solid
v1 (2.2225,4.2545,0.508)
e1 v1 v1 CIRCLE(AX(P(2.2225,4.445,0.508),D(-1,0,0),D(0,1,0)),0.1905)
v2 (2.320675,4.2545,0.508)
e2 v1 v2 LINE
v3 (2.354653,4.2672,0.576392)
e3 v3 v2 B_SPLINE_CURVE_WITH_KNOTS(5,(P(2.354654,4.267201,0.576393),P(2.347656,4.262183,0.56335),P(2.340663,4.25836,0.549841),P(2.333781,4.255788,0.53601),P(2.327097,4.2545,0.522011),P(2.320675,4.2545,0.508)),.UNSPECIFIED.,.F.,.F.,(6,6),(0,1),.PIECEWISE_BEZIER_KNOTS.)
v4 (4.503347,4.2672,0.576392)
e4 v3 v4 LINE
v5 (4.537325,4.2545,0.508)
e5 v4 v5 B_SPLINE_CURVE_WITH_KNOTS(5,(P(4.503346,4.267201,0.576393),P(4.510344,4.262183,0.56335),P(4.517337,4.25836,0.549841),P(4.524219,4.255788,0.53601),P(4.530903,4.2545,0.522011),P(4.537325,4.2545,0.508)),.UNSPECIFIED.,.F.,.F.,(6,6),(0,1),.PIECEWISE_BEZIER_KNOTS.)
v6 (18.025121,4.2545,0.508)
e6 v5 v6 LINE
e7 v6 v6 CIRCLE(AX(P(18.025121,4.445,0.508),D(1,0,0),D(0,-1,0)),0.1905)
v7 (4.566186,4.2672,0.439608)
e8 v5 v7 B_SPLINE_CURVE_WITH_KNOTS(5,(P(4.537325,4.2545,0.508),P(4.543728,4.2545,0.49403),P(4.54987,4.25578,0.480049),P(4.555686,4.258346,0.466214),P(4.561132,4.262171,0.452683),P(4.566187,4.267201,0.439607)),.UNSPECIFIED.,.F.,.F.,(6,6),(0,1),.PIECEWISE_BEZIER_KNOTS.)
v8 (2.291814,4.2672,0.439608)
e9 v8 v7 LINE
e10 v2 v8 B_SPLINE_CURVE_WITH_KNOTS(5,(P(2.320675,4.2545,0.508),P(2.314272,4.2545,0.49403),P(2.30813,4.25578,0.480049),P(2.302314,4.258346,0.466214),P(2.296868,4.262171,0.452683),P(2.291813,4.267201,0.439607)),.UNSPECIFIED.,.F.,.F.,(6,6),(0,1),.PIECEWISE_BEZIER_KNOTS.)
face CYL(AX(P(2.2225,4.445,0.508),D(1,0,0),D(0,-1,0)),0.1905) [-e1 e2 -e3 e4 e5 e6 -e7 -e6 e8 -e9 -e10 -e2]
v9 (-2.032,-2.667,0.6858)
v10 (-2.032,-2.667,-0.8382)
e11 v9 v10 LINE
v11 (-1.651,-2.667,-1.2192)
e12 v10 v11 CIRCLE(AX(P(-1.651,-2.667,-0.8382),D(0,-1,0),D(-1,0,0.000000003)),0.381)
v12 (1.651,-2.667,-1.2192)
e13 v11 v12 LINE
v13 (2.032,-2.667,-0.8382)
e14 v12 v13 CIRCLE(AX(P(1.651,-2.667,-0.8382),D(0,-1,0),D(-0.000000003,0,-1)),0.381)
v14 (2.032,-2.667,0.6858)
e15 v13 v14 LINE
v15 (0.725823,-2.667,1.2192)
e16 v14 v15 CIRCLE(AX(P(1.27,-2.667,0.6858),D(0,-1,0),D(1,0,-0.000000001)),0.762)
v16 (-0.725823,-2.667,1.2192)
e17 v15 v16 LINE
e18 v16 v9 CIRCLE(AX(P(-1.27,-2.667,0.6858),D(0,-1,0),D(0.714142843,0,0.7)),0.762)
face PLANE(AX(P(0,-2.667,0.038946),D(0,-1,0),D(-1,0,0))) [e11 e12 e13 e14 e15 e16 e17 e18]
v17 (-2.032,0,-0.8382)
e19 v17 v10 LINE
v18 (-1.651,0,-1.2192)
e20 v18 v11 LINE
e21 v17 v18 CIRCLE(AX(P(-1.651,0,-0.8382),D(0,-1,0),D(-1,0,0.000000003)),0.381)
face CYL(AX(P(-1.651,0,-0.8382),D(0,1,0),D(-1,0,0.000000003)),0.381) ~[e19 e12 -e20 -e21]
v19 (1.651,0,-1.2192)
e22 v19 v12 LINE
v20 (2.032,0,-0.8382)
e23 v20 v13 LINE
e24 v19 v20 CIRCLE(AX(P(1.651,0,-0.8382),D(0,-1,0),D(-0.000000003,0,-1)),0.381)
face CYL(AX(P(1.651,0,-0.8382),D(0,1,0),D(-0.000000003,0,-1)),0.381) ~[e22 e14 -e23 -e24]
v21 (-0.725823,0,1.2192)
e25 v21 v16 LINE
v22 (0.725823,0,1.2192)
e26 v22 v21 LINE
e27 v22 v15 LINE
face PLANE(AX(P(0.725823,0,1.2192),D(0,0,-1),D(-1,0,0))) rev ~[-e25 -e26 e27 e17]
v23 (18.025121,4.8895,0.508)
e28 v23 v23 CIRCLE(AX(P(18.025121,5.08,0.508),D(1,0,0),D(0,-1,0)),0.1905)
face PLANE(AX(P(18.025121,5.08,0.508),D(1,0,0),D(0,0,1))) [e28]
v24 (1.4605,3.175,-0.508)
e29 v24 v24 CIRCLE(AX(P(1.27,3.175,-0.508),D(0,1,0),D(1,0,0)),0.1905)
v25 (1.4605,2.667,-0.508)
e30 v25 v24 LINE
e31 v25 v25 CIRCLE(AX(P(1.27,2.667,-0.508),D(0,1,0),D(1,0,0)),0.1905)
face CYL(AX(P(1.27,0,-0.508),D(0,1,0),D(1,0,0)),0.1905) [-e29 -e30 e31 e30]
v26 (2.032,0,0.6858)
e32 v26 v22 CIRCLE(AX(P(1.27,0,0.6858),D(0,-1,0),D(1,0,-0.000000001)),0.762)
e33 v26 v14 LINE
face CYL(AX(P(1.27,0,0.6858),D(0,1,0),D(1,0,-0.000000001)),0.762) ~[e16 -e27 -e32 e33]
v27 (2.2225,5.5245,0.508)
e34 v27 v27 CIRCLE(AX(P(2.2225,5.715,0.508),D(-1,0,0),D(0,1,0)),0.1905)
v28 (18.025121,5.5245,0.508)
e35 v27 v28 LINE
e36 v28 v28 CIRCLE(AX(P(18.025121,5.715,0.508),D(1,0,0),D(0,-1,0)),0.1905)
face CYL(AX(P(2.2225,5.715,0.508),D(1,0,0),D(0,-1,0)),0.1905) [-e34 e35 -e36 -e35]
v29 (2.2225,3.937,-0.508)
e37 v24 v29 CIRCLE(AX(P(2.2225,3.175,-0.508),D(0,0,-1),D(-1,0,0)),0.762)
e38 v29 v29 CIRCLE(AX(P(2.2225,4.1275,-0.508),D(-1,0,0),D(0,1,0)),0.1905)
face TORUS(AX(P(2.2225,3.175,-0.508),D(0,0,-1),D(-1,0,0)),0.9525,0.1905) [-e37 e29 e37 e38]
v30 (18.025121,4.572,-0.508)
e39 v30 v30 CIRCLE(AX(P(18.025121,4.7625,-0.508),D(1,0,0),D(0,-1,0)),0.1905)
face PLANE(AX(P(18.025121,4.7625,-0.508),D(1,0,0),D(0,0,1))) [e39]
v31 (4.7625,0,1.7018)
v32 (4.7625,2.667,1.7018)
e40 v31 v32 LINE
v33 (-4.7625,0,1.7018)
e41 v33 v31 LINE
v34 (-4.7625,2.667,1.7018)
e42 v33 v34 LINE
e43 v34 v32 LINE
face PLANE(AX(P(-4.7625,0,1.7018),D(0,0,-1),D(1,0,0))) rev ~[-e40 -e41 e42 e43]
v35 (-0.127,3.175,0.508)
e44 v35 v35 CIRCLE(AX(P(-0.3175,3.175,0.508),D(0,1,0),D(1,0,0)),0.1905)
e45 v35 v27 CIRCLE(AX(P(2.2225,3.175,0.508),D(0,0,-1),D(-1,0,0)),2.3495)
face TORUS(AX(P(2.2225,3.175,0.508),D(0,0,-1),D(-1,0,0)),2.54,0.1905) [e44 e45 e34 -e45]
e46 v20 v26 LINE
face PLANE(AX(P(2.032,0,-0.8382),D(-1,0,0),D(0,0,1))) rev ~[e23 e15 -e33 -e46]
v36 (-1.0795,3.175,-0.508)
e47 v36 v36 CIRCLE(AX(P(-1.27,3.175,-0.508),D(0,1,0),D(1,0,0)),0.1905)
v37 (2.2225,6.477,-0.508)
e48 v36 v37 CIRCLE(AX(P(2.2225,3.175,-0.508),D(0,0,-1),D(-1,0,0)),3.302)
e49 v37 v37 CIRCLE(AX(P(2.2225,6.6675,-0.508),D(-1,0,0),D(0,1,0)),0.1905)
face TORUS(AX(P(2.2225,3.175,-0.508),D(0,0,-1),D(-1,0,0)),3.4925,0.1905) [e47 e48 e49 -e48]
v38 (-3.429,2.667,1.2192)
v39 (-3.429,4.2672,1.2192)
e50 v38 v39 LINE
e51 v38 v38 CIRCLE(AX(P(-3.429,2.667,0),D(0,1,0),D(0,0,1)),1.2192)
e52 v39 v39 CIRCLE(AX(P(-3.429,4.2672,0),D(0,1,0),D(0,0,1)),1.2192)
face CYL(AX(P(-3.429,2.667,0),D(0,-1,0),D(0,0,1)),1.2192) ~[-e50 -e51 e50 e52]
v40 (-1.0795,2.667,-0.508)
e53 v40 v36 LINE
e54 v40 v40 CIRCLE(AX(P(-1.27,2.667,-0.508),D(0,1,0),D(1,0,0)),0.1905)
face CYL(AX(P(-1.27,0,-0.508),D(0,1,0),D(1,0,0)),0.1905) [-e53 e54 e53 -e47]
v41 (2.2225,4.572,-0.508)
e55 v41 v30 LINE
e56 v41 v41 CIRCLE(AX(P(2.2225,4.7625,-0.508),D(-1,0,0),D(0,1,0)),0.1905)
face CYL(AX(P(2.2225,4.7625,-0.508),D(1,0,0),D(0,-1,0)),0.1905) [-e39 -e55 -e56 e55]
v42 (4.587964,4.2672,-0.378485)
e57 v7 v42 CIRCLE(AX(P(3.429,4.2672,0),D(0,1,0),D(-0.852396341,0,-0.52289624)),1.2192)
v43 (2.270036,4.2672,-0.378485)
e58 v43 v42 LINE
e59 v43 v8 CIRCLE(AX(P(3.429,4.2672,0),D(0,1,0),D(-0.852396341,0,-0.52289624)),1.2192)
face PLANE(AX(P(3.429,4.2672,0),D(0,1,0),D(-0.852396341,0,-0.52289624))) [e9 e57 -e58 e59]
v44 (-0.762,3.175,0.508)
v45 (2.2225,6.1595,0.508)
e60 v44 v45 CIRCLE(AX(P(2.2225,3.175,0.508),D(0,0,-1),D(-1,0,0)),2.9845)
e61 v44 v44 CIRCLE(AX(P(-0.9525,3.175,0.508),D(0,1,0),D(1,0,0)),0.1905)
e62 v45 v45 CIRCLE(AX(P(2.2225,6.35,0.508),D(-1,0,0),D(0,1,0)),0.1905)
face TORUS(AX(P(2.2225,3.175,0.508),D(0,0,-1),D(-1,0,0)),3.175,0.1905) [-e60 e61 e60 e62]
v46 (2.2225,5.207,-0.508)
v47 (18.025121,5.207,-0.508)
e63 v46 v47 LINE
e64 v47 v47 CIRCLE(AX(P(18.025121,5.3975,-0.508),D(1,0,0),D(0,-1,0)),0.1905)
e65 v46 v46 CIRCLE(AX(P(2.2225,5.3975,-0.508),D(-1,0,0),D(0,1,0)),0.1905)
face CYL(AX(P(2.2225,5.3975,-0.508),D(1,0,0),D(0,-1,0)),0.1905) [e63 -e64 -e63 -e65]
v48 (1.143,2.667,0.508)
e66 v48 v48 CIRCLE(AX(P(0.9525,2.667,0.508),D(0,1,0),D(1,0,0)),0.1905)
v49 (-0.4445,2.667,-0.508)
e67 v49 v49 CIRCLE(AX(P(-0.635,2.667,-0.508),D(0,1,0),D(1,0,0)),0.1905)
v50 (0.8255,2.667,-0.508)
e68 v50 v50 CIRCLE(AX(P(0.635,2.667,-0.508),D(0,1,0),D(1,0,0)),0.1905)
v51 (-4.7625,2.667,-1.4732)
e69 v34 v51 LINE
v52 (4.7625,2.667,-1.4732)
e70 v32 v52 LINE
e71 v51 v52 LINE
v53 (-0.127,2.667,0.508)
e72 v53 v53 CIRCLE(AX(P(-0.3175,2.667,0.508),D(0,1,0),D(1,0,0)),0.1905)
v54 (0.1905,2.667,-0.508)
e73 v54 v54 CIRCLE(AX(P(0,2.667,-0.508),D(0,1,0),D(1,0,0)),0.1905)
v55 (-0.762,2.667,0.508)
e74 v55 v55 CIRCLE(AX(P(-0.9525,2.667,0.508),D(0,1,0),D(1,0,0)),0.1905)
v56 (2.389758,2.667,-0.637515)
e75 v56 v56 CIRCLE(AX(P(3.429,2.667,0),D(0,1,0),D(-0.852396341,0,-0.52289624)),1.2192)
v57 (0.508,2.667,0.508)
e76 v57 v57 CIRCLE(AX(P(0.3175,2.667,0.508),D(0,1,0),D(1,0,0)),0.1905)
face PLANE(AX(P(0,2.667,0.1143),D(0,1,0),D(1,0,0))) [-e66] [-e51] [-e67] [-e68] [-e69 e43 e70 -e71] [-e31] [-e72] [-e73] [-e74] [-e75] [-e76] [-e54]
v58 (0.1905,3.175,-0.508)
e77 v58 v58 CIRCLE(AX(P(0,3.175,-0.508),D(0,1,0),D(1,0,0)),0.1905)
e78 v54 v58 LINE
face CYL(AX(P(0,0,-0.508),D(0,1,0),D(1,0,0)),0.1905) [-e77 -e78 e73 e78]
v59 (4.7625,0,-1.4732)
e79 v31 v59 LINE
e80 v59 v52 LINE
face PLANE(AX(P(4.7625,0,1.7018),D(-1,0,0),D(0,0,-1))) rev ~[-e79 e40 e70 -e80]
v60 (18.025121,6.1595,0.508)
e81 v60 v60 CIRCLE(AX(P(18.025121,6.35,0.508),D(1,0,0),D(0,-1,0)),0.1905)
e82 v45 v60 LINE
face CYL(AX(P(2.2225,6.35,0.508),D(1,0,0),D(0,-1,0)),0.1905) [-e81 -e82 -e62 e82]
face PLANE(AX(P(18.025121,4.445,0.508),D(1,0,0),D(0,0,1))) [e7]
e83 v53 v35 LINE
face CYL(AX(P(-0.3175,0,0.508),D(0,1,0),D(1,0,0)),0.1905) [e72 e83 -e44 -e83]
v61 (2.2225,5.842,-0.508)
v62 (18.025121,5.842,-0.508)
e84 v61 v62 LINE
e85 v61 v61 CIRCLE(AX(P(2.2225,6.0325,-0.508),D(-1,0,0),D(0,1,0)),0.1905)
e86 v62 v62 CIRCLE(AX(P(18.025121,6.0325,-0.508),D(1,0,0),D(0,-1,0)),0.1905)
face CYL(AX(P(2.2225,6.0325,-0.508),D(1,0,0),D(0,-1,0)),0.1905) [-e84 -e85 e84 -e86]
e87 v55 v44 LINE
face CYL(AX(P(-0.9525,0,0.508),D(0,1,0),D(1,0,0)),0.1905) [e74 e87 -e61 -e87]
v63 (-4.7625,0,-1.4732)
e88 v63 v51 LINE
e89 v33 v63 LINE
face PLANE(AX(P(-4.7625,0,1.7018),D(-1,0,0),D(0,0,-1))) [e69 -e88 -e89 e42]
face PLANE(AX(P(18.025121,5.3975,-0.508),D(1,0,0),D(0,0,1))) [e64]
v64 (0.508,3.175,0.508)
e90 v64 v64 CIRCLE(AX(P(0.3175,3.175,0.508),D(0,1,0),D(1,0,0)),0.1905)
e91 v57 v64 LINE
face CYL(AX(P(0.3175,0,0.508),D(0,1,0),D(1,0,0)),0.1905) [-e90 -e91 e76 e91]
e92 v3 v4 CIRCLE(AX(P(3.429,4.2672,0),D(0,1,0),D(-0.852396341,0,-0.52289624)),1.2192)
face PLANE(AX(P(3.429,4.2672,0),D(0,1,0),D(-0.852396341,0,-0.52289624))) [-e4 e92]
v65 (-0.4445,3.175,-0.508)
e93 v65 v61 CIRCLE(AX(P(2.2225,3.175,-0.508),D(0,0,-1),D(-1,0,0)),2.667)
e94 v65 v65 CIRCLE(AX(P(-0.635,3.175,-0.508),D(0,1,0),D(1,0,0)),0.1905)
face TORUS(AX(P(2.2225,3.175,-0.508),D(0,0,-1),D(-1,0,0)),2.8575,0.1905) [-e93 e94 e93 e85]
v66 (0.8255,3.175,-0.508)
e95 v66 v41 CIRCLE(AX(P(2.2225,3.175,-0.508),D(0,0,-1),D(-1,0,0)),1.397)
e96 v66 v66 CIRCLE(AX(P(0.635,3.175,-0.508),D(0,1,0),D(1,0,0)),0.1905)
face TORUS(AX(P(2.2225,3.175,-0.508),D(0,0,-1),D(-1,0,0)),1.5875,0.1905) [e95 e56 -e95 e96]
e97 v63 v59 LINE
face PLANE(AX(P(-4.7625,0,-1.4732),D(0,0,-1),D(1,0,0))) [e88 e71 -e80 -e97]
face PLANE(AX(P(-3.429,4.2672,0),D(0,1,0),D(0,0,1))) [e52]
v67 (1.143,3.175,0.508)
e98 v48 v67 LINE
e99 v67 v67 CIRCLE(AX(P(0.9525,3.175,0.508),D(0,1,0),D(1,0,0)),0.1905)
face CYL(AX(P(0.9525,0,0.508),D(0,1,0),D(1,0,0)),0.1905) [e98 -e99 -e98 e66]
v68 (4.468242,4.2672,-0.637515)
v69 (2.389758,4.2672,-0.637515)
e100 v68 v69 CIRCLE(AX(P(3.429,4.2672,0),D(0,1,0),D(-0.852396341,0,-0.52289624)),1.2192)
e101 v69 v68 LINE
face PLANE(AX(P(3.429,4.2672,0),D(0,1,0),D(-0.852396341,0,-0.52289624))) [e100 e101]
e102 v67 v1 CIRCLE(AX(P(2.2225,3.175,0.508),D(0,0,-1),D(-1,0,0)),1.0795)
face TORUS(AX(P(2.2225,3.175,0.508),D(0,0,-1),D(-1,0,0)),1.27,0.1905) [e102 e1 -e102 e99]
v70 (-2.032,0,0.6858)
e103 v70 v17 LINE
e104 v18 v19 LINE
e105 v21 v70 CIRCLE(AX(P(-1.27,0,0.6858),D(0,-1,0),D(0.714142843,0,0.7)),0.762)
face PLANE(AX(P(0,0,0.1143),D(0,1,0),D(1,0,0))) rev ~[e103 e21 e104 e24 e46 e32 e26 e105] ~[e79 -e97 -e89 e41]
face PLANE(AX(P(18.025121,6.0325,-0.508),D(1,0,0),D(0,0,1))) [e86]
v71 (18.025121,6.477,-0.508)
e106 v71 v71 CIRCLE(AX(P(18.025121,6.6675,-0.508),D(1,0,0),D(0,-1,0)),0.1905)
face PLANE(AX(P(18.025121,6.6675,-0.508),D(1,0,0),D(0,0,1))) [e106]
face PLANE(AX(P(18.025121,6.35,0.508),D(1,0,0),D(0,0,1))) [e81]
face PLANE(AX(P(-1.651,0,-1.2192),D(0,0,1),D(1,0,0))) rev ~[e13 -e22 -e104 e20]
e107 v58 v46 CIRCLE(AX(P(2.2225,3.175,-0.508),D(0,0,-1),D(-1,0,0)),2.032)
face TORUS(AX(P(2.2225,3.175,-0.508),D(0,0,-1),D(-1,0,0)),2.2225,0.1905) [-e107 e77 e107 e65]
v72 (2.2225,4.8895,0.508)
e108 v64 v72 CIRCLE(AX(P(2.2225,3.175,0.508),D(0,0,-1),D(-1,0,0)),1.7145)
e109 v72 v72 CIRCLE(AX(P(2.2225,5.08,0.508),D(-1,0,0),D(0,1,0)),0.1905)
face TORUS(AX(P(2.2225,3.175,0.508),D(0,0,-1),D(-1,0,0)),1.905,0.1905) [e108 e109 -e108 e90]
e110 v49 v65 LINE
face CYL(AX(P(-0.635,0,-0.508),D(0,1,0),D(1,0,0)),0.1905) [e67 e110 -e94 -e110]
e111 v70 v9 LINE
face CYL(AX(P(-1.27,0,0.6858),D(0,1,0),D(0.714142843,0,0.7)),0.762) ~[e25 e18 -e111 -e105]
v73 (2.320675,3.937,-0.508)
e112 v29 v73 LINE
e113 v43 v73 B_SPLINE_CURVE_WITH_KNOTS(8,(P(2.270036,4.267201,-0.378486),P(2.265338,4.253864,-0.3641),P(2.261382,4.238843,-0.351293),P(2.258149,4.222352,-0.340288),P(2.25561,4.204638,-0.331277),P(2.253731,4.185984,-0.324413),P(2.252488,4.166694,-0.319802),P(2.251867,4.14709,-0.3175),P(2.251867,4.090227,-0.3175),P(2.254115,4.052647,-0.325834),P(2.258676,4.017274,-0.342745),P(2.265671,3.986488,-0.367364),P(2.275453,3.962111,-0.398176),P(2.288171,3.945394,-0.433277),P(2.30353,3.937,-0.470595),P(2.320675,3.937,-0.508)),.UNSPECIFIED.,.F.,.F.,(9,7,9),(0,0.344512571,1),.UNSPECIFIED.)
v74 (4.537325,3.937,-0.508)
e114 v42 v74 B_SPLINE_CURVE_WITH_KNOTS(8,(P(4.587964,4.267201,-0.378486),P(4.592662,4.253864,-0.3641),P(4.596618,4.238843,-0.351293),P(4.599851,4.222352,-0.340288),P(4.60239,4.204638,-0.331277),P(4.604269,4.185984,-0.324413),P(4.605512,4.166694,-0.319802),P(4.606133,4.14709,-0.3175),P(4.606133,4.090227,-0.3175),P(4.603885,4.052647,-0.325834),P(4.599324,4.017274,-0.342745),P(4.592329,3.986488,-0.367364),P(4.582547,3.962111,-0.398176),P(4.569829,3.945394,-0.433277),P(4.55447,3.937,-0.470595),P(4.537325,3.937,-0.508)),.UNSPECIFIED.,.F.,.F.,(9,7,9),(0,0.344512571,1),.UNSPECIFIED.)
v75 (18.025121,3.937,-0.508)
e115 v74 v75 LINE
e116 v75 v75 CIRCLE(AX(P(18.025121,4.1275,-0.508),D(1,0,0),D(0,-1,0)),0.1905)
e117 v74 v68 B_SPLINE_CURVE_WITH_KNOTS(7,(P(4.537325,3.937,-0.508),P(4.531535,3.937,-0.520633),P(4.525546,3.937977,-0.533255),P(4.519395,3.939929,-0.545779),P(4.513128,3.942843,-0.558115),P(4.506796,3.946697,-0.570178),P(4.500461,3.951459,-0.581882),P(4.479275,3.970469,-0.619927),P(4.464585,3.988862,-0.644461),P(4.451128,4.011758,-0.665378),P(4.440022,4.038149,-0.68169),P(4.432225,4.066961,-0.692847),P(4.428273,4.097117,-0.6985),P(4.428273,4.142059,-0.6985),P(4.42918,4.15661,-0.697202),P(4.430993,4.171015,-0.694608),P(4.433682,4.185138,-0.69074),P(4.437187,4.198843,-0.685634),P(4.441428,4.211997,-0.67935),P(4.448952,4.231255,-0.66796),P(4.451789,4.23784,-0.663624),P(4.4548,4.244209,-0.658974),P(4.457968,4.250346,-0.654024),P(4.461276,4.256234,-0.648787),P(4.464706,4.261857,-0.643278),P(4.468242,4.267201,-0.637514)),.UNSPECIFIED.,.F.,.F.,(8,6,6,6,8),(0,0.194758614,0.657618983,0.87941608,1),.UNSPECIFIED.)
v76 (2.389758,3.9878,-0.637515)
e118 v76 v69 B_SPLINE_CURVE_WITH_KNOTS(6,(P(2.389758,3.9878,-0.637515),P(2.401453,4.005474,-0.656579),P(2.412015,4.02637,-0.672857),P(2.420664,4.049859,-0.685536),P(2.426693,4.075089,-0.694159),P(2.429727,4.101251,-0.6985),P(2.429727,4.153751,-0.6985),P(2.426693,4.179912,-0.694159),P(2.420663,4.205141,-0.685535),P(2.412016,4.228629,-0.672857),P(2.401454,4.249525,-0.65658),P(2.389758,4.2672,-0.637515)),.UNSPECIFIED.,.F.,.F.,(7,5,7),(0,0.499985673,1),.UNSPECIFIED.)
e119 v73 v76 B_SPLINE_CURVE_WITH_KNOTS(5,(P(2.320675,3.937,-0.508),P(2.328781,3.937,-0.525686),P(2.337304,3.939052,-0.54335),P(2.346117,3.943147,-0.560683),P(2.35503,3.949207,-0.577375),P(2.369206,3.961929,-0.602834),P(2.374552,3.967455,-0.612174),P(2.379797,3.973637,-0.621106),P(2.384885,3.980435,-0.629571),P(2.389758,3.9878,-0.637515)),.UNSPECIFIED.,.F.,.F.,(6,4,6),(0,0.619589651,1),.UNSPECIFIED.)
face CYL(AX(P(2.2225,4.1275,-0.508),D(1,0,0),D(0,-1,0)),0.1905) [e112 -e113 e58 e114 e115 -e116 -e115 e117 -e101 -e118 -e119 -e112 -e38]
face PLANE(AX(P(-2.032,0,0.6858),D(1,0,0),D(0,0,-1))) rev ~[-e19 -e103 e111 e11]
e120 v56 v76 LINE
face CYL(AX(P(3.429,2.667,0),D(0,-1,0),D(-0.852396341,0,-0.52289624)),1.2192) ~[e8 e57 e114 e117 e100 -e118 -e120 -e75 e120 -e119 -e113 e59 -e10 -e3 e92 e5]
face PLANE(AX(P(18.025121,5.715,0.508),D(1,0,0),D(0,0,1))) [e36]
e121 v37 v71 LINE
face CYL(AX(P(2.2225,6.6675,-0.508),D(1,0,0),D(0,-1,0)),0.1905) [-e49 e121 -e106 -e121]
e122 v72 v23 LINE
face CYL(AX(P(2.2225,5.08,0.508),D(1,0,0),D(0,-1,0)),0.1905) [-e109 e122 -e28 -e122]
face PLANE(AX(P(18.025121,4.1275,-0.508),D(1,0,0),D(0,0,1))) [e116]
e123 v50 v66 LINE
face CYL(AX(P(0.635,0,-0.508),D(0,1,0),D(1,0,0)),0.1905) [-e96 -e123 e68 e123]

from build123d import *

# Parameters (mm, degrees)
SKETCH2_W           = 9.525
SKETCH2_H           = 3.175
BOSS_EXTRUDE2_DEPTH = 2.667
BOSS_EXTRUDE3_DEPTH = 2.667
SKETCH4_R           = 0.1905
SKETCH8_R           = 1.2192
BOSS_EXTRUDE4_DEPTH = 1.6002


with BuildPart() as part:
    # Sketch2 → Boss-Extrude2 (new body)
    with BuildSketch(Plane(origin=(0, 0, 0), x_dir=(1, 0, 0), z_dir=(0, 1, 0))):
        with Locations((0, -0.1143)):
            Rectangle(SKETCH2_W, SKETCH2_H)
    extrude(amount=BOSS_EXTRUDE2_DEPTH)

    # Sketch7 → Boss-Extrude3 (add)
    with BuildSketch(Plane(origin=(0, 0, 0), x_dir=(1, 0, 0), z_dir=(0, 1, 0))):
        with BuildLine():
            Line((-1.651, 1.2192), (1.651, 1.2192))
            ThreePointArc((1.651, 1.2192), (1.920407684, 1.107607684), (2.032, 0.8382))
            Line((2.032, 0.8382), (2.032, -0.6858))
            ThreePointArc((2.032, -0.6858), (1.558080929, -1.391245518), (0.725823154, -1.2192))
            Line((0.725823154, -1.2192), (-0.725823154, -1.2192))
            ThreePointArc((-0.725823154, -1.2192), (-1.558080929, -1.391245518), (-2.032, -0.6858))
            Line((-2.032, -0.6858), (-2.032, 0.8382))
            ThreePointArc((-2.032, 0.8382), (-1.920407684, 1.107607684), (-1.651, 1.2192))
        make_face()
    extrude(amount=-BOSS_EXTRUDE3_DEPTH)

    # Sweep1: sweep along a path in Sketch3
    with BuildLine(Plane.XY) as sweep1_path:
        Line((0.9525, 0), (0.9525, 3.175))
        ThreePointArc((0.9525, 3.175), (1.324474388, 4.073025612), (2.2225, 4.445))
        Line((2.2225, 4.445), (18.025121384, 4.445))
    # Sketch4 → Sweep1 (sweep)
    with BuildSketch(Plane(origin=(0, 0, 0), x_dir=(1, 0, 0), z_dir=(0, 1, 0))):
        with Locations((0.9525, -0.508)):
            Circle(SKETCH4_R)
        with Locations((0.3175, -0.508)):
            Circle(SKETCH4_R)
        with Locations((-0.3175, -0.508)):
            Circle(SKETCH4_R)
        with Locations((-0.9525, -0.508)):
            Circle(SKETCH4_R)
        with Locations((1.27, 0.508)):
            Circle(SKETCH4_R)
        with Locations((0.635, 0.508)):
            Circle(SKETCH4_R)
        with Locations((0, 0.508)):
            Circle(SKETCH4_R)
        with Locations((-0.635, 0.508)):
            Circle(SKETCH4_R)
        with Locations((-1.27, 0.508)):
            Circle(SKETCH4_R)
    sweep(path=sweep1_path.line)

    # Sketch8 → Boss-Extrude4 (add)
    with BuildSketch(Plane(origin=(0, 2.667, 0), x_dir=(1, 0, 0), z_dir=(0, 1, 0))):
        with Locations(Location((3.429, 0, 0), (0, 0, 148.473273174))):
            Circle(SKETCH8_R)
        with Locations(Location((-3.429, 0, 0), (0, 0, 270))):
            Circle(SKETCH8_R)
    extrude(amount=BOSS_EXTRUDE4_DEPTH)


solid = part.part
